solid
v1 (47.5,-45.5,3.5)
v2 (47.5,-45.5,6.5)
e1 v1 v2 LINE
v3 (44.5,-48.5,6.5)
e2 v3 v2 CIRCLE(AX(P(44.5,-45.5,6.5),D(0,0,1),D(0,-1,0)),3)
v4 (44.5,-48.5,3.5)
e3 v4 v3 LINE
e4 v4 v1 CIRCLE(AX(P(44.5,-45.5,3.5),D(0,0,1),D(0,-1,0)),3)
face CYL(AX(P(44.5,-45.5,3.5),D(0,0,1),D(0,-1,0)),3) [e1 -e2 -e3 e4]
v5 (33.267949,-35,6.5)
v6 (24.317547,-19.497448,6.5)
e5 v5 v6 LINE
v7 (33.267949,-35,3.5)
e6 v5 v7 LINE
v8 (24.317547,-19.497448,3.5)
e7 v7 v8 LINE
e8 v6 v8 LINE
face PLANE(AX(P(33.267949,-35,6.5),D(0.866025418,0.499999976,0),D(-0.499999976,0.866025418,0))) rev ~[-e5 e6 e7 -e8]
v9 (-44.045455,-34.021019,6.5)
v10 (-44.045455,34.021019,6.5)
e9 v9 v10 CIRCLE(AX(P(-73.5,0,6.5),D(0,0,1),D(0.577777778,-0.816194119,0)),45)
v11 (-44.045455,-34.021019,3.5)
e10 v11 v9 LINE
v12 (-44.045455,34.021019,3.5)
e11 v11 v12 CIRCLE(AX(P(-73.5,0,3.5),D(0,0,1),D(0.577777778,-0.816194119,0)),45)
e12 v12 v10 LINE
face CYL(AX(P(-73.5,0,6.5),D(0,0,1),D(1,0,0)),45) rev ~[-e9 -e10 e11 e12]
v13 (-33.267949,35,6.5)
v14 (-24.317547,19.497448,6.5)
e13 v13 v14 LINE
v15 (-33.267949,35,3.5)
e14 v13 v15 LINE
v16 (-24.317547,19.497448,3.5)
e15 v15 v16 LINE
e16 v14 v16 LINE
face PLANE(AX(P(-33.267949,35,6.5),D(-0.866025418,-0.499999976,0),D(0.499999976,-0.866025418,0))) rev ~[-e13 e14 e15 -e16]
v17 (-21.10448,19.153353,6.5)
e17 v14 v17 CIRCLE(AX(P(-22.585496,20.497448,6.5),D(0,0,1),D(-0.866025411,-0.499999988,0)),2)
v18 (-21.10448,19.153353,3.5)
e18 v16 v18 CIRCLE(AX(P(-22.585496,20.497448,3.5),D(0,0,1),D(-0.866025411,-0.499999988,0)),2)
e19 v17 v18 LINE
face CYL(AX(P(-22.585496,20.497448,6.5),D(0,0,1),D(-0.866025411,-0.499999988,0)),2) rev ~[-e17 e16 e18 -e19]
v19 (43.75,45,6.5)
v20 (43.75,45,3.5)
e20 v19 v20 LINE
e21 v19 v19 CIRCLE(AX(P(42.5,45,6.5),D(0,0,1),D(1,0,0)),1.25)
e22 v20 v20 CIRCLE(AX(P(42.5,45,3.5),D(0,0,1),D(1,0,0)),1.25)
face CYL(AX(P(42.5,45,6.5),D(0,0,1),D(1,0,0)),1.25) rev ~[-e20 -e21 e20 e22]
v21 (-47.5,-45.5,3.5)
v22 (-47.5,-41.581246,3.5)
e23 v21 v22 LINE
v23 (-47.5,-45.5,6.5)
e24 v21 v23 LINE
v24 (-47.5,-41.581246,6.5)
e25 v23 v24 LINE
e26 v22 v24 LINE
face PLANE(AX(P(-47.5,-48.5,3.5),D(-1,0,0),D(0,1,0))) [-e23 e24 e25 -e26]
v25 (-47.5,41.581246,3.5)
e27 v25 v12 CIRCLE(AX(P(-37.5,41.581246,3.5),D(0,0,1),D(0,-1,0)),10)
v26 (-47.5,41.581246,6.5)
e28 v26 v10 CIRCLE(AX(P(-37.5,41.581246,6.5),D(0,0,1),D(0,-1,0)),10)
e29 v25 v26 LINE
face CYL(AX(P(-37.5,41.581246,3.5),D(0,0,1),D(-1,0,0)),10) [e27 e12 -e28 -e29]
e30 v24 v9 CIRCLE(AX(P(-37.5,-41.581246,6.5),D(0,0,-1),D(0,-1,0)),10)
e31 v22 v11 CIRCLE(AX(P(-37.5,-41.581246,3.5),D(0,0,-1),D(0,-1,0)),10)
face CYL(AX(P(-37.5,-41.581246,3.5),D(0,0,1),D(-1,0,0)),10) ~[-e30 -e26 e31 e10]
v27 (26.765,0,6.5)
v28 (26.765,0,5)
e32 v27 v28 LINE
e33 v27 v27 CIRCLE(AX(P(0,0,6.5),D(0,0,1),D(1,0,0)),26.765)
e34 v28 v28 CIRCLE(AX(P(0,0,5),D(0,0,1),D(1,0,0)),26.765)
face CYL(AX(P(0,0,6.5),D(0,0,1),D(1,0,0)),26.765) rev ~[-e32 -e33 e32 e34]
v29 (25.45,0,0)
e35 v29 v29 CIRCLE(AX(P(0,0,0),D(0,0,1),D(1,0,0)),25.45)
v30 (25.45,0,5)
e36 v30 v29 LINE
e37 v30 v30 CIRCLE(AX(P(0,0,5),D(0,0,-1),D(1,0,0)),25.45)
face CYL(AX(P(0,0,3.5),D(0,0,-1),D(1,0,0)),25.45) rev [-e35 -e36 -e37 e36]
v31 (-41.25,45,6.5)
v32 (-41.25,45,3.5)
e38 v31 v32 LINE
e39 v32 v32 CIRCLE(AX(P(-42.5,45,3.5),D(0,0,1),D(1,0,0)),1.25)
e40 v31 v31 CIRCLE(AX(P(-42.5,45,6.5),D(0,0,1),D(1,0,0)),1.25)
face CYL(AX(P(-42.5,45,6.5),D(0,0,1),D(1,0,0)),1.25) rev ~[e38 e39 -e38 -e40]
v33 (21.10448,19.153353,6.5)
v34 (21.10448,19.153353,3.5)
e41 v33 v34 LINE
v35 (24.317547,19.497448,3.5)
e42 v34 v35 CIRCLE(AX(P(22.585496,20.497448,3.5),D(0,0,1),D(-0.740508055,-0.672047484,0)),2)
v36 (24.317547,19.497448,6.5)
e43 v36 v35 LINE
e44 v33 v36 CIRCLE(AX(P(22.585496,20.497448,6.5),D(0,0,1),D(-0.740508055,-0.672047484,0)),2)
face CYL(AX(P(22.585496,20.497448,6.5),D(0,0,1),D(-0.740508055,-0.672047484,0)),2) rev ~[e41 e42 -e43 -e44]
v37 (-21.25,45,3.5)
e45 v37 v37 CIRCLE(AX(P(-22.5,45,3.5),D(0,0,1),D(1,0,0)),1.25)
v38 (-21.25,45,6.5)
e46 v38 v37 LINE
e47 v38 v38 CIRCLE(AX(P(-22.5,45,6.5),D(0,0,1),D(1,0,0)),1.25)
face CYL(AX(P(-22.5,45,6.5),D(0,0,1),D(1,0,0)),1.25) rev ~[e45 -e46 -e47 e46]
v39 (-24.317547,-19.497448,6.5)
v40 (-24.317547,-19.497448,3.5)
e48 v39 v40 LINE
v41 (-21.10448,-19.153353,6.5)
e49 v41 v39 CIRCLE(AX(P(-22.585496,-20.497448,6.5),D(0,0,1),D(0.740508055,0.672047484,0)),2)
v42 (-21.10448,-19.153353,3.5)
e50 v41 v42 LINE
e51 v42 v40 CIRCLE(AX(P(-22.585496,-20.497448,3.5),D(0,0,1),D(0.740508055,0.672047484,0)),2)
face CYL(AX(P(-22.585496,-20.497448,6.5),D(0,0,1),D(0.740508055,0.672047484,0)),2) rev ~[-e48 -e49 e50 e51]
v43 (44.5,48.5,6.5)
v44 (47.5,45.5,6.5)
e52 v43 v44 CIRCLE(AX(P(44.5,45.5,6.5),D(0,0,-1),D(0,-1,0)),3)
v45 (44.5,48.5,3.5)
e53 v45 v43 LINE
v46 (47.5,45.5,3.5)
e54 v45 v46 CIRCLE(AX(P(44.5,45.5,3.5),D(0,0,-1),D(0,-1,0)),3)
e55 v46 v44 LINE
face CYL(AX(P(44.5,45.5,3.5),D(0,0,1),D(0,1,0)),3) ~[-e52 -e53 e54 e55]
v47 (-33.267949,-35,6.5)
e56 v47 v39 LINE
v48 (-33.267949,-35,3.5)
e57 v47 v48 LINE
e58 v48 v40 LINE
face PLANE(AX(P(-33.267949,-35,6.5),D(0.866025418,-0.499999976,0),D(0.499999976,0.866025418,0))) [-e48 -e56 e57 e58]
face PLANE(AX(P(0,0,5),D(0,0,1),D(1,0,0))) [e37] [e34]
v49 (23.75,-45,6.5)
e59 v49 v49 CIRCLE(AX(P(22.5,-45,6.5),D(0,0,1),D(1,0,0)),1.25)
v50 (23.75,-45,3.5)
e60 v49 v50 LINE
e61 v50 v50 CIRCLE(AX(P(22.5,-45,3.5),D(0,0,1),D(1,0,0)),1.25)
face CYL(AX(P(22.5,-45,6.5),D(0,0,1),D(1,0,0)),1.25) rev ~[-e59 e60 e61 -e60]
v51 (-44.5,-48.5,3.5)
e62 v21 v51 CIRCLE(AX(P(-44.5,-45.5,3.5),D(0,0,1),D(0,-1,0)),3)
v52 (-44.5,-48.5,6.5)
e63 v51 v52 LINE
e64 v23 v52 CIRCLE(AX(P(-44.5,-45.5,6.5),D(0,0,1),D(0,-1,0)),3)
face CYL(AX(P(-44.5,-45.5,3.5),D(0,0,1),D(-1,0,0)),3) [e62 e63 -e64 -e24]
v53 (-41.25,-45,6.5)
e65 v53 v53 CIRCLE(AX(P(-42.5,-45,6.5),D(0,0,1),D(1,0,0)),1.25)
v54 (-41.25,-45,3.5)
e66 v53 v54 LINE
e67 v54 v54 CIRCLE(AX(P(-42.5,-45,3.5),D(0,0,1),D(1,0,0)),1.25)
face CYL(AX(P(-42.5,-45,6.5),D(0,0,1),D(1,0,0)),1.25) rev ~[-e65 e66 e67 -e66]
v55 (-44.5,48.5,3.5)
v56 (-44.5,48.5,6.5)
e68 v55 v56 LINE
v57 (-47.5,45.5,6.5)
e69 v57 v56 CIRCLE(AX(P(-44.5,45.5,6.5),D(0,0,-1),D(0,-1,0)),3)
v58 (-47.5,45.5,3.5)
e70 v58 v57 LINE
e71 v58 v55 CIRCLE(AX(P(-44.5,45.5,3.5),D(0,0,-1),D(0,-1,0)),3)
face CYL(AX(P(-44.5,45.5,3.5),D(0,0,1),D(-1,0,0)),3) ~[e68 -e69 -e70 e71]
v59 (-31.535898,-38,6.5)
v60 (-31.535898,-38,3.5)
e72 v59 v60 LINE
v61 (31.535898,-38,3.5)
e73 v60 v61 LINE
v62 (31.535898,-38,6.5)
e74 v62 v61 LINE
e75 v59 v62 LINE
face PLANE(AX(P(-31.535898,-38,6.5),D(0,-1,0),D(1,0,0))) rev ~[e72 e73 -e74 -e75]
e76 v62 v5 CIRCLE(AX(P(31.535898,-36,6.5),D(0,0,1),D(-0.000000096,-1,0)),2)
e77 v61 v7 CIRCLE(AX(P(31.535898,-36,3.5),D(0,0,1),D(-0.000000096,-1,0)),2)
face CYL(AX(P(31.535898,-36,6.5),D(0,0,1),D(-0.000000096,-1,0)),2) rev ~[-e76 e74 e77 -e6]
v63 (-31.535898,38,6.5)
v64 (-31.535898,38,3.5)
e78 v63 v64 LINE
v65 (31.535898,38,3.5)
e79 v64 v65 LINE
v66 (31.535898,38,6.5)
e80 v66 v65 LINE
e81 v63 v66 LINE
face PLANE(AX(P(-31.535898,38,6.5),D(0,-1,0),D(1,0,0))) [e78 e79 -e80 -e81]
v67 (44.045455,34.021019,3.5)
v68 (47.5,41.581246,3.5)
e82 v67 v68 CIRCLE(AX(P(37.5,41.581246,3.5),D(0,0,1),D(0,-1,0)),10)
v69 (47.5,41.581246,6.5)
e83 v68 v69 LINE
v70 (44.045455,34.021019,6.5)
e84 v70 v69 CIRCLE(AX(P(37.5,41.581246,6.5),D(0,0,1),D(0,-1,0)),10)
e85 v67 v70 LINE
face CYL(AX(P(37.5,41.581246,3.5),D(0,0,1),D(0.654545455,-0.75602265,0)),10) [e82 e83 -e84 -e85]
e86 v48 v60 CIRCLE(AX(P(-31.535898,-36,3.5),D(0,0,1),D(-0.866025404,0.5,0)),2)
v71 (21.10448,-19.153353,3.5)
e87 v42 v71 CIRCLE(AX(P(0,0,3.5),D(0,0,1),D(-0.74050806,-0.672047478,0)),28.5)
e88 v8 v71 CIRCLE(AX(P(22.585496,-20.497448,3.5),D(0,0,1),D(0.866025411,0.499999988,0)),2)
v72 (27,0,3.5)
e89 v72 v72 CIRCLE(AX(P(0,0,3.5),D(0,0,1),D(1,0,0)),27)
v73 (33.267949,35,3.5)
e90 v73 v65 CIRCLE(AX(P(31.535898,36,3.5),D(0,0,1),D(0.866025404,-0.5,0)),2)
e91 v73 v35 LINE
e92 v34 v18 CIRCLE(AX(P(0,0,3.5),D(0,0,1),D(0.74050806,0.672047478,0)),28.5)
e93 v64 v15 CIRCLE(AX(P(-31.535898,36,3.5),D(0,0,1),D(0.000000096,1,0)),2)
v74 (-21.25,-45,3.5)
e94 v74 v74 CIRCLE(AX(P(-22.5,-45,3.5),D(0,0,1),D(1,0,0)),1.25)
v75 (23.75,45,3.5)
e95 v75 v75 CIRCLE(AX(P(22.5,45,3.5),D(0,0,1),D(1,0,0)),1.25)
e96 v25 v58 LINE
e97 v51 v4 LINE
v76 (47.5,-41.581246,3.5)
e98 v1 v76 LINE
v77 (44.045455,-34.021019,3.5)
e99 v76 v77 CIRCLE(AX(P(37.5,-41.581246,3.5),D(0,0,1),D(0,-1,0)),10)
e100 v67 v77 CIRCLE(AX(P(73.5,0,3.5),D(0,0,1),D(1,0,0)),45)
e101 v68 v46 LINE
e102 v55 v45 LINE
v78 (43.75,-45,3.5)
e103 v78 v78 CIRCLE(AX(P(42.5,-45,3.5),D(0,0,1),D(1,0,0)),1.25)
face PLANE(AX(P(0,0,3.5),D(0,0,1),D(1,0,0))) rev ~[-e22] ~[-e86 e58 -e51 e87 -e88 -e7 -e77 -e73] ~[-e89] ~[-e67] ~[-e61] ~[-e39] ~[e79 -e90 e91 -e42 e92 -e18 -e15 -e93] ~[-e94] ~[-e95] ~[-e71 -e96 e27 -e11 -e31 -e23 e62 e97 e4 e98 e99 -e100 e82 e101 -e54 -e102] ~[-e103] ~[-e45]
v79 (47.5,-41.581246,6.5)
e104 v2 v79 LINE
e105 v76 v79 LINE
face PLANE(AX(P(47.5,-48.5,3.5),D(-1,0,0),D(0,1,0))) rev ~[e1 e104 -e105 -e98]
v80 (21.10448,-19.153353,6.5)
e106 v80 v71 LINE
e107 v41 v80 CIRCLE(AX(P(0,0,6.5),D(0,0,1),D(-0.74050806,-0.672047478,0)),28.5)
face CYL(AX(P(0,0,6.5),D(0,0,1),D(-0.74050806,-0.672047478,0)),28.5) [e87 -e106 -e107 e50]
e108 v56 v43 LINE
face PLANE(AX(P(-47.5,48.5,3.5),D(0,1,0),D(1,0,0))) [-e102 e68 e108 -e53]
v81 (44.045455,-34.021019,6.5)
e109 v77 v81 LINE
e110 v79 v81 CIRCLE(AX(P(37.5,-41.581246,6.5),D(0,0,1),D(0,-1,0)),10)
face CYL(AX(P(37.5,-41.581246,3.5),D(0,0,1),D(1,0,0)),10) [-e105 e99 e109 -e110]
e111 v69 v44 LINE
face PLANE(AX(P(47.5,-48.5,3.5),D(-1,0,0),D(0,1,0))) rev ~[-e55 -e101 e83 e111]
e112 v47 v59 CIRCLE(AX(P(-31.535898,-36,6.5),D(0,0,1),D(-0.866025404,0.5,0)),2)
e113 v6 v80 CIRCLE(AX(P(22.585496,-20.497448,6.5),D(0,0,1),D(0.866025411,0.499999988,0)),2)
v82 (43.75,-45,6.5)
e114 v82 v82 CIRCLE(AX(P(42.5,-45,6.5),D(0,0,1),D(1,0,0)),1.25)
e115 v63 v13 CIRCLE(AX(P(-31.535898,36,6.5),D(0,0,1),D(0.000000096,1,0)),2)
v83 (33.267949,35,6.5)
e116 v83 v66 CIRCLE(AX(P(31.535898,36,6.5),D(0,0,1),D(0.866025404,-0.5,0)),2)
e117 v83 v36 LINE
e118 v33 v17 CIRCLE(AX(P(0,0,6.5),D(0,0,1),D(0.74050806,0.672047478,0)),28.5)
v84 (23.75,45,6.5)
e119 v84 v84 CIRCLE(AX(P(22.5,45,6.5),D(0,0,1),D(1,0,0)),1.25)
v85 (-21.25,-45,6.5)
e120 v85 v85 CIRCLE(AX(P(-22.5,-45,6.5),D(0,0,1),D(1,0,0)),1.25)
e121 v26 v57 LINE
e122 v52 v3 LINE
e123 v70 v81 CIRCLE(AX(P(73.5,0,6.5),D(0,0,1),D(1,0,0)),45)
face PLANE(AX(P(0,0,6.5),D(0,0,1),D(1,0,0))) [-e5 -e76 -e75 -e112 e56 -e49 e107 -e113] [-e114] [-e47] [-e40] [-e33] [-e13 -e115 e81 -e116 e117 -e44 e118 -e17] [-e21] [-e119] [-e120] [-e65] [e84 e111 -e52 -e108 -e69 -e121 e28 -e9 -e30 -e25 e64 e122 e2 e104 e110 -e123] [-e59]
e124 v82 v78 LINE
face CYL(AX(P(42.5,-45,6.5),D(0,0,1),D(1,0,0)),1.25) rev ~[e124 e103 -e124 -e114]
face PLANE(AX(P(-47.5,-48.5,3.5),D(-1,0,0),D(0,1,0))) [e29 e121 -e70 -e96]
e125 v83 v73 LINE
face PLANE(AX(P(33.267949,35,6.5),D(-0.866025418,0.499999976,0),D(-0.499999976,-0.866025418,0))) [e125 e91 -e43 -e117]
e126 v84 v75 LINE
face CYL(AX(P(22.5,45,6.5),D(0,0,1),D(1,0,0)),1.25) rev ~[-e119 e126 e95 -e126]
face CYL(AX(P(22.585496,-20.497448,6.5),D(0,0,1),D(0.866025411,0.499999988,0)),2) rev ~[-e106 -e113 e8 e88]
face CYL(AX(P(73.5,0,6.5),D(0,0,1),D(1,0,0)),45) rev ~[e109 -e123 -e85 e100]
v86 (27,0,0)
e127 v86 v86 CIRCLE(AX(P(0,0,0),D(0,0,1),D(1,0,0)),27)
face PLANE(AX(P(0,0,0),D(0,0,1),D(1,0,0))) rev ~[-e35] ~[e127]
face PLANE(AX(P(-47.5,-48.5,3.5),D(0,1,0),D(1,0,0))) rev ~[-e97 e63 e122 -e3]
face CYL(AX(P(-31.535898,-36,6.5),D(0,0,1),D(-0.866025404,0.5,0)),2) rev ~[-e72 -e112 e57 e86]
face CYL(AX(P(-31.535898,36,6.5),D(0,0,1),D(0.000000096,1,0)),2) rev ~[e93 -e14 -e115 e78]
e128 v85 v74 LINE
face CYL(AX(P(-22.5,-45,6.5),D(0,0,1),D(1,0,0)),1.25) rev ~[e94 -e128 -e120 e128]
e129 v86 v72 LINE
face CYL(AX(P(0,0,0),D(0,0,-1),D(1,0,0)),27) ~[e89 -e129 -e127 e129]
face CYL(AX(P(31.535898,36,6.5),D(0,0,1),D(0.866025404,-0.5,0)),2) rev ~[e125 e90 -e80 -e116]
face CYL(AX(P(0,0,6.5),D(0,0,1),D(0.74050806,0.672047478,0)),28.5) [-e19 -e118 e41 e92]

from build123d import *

# Parameters (mm, degrees)
SKETCH006_R     = 27
SKETCH006_R_2   = 25.45
PAD003_DEPTH    = 3.5
SKETCH007_W     = 95
SKETCH007_H     = 97
SKETCH007_R     = 25.45
PAD004_DEPTH    = 3
SKETCH008_R     = 26.765
POCKET_DEPTH    = 1.5
SKETCH009_R     = 1.25
POCKET001_DEPTH = 6.501
SKETCH010_R     = 45
POCKET002_DEPTH = 6.501
FILLET_R        = 10
FILLET001_R     = 3


with BuildPart() as part:
    # Sketch006 → Pad003 (new body)
    with BuildSketch(Plane.XY):
        Circle(SKETCH006_R)
        Circle(SKETCH006_R_2, mode=Mode.SUBTRACT)
    extrude(amount=PAD003_DEPTH)

    # Sketch007 (on Face4 of Pad003) → Pad004 (join)
    with BuildSketch(Plane.XY.offset(3.5)):
        Rectangle(SKETCH007_W, SKETCH007_H)
        Circle(SKETCH007_R, mode=Mode.SUBTRACT)
    extrude(amount=PAD004_DEPTH)

    # Sketch008 (on Face10 of Pad004) → Pocket (cut)
    with BuildSketch(Plane.XY.offset(6.5)):
        Circle(SKETCH008_R)
    extrude(amount=-POCKET_DEPTH, mode=Mode.SUBTRACT)

    # Sketch009 (on Face10 of Pocket) → Pocket001 (cut, through all)
    with BuildSketch(Plane.XY.offset(6.5)):
        with Locations((-42.5, 45)):
            Circle(SKETCH009_R)
        with Locations((42.5, 45)):
            Circle(SKETCH009_R)
        with Locations((42.5, -45)):
            Circle(SKETCH009_R)
        with Locations((-42.5, -45)):
            Circle(SKETCH009_R)
        with Locations((-22.5, 45)):
            Circle(SKETCH009_R)
        with Locations((22.5, 45)):
            Circle(SKETCH009_R)
        with Locations((-22.5, -45)):
            Circle(SKETCH009_R)
        with Locations((22.5, -45)):
            Circle(SKETCH009_R)
    extrude(amount=-POCKET001_DEPTH, mode=Mode.SUBTRACT)

    # Sketch010 (on Face18 of Pocket001) → Pocket002 (cut, through all)
    with BuildSketch(Plane.XY.offset(6.5)):
        with Locations((-73.5, 0)):
            Circle(SKETCH010_R)
        with Locations((73.5, 0)):
            Circle(SKETCH010_R)
        with BuildLine():
            Line((-31.535898, 38), (31.535898, 38))
            ThreePointArc((33.267949, 35), (33.267949, 37), (31.535898, 38))
            Line((33.267949, 35), (24.317547, 19.497448))
            ThreePointArc((21.10448, 19.153353), (22.798463, 18.508819), (24.317547, 19.497448))
            ThreePointArc((21.10448, 19.153353), (0, 28.5), (-21.10448, 19.153353))
            ThreePointArc((-24.317547, 19.497448), (-22.798463, 18.508819), (-21.10448, 19.153353))
            Line((-33.267949, 35), (-24.317547, 19.497448))
            ThreePointArc((-31.535898, 38), (-33.267949, 37), (-33.267949, 35))
        make_face()
        with BuildLine():
            Line((-31.535898, -38), (31.535898, -38))
            ThreePointArc((31.535898, -38), (33.267949, -37), (33.267949, -35))
            Line((33.267949, -35), (24.317547, -19.497448))
            ThreePointArc((24.317547, -19.497448), (22.798463, -18.508819), (21.10448, -19.153353))
            ThreePointArc((-21.10448, -19.153353), (0, -28.5), (21.10448, -19.153353))
            ThreePointArc((-21.10448, -19.153353), (-22.798463, -18.508819), (-24.317547, -19.497448))
            Line((-33.267949, -35), (-24.317547, -19.497448))
            ThreePointArc((-33.267949, -35), (-33.267949, -37), (-31.535898, -38))
        make_face()
    extrude(amount=-POCKET002_DEPTH, mode=Mode.SUBTRACT)

    # Fillet
    fillet_edges = [part.edges().sort_by_distance(p)[0] for p in [
        (47.5, -36.728735, 5),
        (47.5, 36.728735, 5),
        (-47.5, -36.728735, 5),
        (-47.5, 36.728735, 5),
    ]]
    fillet(fillet_edges, radius=FILLET_R)

    # Fillet001
    fillet001_edges = [part.edges().sort_by_distance(p)[0] for p in [
        (-47.5, 48.5, 5),
        (-47.5, -48.5, 5),
        (47.5, 48.5, 5),
        (47.5, -48.5, 5),
    ]]
    fillet(fillet001_edges, radius=FILLET001_R)


solid = part.part
